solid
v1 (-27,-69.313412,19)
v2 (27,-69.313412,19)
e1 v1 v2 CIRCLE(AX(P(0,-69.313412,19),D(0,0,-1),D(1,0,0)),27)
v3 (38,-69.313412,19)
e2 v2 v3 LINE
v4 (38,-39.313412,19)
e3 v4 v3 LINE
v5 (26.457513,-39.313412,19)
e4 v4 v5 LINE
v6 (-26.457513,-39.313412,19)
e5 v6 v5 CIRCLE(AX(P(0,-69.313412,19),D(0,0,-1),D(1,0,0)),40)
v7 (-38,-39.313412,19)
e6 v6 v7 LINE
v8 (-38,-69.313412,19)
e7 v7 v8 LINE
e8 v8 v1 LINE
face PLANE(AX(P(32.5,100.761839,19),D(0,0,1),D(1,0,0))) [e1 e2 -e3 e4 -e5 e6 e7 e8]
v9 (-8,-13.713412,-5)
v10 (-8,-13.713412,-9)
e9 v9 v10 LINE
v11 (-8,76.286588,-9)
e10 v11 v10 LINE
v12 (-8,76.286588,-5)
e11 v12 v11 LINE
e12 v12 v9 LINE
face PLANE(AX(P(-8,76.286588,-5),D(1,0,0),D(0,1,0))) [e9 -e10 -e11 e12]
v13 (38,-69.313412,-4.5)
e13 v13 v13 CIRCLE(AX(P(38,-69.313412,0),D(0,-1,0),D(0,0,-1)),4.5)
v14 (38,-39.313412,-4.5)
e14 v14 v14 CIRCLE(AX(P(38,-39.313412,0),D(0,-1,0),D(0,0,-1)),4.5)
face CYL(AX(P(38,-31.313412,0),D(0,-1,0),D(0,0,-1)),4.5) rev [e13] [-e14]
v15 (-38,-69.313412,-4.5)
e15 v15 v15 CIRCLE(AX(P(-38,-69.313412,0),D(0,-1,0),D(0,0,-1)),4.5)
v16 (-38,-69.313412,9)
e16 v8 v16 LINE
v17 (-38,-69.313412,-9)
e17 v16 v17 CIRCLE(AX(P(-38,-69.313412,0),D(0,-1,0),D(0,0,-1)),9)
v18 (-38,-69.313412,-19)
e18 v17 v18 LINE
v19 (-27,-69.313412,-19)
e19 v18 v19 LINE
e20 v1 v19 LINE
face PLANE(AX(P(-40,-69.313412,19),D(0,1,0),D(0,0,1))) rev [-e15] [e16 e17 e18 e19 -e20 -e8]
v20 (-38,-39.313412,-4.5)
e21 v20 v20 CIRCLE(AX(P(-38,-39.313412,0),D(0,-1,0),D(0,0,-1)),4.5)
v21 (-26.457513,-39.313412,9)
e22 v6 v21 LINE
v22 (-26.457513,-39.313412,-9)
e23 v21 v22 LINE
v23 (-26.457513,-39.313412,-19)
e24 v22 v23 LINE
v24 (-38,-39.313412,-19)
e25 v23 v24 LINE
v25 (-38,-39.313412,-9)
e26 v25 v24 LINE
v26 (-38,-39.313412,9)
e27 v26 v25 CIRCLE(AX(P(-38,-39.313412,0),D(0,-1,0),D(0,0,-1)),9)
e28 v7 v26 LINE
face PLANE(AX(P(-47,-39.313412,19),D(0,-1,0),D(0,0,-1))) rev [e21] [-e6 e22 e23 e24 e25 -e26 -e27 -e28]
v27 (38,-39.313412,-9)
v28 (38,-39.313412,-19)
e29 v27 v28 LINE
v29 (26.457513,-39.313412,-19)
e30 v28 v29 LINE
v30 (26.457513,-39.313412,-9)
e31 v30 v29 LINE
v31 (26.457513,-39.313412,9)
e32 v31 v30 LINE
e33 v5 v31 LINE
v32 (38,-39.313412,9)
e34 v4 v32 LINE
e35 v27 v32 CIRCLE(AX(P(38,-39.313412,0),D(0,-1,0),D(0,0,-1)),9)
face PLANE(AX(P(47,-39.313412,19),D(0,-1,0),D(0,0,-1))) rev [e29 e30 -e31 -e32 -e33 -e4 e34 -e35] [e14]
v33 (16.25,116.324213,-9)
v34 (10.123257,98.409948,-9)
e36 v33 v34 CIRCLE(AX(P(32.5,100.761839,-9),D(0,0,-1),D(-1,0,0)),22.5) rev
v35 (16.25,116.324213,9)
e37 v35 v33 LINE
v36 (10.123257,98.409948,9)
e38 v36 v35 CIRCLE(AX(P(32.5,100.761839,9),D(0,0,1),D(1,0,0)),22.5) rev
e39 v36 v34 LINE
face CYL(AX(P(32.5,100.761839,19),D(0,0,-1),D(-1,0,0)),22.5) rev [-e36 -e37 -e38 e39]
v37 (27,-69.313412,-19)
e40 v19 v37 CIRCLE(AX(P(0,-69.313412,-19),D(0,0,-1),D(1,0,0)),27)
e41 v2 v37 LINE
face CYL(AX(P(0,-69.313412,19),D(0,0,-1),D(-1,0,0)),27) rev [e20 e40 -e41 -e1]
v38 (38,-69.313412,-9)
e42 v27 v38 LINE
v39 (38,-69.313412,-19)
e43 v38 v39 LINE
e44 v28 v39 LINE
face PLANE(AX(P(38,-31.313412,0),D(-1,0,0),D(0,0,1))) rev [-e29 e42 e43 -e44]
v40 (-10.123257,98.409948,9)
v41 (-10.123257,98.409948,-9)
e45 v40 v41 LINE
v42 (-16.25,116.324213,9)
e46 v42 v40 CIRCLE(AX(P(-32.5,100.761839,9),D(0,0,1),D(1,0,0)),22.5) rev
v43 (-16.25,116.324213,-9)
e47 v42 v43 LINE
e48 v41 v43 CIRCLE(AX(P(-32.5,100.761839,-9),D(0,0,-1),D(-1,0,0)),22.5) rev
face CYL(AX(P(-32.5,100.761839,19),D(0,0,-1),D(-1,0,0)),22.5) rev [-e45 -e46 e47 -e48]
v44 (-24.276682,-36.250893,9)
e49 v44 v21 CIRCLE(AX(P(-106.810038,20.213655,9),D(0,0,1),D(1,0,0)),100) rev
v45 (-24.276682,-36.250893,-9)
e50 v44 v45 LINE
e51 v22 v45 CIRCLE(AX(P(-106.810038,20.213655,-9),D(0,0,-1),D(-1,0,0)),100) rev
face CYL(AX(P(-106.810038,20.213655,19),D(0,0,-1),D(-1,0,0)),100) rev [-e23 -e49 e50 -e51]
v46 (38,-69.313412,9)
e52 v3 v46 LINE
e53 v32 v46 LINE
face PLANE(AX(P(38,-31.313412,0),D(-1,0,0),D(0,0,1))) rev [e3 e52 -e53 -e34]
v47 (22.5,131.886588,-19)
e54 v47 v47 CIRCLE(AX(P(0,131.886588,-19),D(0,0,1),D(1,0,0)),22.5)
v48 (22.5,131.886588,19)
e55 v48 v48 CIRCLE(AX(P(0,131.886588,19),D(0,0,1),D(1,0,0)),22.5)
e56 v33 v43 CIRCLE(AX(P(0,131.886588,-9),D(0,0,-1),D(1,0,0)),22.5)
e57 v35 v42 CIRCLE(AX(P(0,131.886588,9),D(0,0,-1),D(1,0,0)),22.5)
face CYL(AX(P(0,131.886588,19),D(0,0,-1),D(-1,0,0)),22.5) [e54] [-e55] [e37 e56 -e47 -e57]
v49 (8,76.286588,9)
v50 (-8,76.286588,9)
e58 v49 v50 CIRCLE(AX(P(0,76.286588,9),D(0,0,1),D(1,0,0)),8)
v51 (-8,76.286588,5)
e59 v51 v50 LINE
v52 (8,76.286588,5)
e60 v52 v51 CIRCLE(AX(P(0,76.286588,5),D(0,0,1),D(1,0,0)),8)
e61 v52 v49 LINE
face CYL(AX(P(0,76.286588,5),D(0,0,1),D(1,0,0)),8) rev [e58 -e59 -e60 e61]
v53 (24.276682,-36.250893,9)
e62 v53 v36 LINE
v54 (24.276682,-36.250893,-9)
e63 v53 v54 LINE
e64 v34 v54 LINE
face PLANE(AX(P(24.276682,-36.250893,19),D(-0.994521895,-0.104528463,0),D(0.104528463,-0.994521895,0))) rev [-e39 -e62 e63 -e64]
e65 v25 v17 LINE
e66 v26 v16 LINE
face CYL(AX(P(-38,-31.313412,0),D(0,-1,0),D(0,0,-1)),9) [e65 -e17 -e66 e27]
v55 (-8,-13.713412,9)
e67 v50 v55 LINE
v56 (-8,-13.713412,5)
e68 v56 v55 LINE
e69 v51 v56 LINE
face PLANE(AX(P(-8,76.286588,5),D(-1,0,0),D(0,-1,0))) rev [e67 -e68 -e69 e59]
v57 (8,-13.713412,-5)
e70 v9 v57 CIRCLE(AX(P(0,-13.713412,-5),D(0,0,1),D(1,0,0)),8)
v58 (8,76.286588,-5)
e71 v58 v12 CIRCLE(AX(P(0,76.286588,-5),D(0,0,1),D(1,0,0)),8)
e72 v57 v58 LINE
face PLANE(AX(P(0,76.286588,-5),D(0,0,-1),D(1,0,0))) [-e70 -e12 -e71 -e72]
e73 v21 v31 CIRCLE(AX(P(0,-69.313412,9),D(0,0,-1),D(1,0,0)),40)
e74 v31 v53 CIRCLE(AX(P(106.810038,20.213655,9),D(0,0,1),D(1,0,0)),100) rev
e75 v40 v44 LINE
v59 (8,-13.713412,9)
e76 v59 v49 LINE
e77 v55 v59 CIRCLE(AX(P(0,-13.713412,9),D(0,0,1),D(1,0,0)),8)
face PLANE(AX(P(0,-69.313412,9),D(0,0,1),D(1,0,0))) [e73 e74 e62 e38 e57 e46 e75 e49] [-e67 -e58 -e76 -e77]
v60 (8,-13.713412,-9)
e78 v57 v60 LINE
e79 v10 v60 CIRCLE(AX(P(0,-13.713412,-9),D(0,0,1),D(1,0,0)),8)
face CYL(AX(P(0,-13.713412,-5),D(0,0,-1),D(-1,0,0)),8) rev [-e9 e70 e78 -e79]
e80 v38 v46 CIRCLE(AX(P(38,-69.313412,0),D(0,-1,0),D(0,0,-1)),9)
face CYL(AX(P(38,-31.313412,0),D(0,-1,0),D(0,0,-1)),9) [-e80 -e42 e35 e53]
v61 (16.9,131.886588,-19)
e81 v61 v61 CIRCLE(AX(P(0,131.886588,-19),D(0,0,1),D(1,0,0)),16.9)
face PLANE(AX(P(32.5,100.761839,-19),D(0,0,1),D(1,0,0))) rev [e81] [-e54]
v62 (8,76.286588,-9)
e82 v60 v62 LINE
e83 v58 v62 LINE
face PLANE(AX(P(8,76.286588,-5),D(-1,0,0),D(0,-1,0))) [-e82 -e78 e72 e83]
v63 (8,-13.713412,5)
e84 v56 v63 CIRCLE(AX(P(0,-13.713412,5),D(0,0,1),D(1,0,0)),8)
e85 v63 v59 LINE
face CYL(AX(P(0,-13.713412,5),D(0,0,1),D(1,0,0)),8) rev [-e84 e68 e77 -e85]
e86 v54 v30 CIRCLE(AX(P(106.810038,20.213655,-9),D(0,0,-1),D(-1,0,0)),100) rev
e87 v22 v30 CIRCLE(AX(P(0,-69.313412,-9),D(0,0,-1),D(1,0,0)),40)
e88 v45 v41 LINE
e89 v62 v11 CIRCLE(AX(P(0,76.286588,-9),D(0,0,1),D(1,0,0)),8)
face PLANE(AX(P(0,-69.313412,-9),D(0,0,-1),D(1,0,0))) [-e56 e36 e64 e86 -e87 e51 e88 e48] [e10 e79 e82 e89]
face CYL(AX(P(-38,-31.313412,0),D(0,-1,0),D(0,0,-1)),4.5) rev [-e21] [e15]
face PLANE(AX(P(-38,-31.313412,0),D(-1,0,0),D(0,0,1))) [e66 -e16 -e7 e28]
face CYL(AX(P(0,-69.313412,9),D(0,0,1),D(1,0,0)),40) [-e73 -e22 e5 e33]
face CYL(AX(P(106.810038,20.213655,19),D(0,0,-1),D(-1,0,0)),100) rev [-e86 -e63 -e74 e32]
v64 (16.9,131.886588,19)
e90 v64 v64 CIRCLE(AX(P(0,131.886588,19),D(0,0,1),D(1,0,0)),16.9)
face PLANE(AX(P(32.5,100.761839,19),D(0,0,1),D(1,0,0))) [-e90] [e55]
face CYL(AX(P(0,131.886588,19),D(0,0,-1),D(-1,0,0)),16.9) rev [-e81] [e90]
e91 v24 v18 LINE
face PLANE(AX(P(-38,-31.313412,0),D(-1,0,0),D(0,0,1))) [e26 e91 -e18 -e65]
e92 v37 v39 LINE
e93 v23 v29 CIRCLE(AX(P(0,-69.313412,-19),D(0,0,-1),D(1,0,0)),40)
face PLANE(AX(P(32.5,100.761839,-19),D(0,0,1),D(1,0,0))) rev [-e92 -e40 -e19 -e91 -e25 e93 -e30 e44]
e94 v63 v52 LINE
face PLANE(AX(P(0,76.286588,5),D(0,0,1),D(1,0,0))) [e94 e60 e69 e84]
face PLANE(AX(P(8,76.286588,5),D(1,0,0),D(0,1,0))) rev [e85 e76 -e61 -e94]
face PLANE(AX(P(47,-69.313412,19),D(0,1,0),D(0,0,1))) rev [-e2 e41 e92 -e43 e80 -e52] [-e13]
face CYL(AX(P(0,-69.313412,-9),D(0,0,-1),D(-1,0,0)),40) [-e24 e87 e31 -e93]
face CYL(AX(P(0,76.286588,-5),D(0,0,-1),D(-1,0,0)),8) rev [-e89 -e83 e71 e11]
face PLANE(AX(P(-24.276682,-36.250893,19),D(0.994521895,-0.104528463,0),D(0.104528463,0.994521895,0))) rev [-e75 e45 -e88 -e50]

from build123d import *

# Parameters (mm, degrees)
SKETCH1_R           = 16.9
BOSS_EXTRUDE1_DEPTH = 19
SKETCH2_R           = 4.5
CUT_EXTRUDE2_DEPTH  = 38
CUT_EXTRUDE3_DEPTH  = 10
CUT_EXTRUDE4_DEPTH  = 4


with BuildPart() as part:
    # Sketch1 → Boss-Extrude1 (new, symmetric)
    with BuildSketch(Plane.XY):
        with BuildLine():
            Line((47, -69.313412318), (47, -39.313412318))
            Line((47, -39.313412318), (26.457513111, -39.313412318))
            ThreePointArc((26.457513111, -39.313412318), (25.35270378, -37.792402472), (24.27668208, -36.250892852))
            Line((24.27668208, -36.250892852), (10.123257354, 98.409948263))
            ThreePointArc((10.123257354, 98.409948263), (11.210647408, 108.042873382), (16.25, 116.324213184))
            ThreePointArc((16.25, 116.324213184), (0, 154.386587682), (-16.25, 116.324213184))
            ThreePointArc((-16.25, 116.324213184), (-11.210647408, 108.042873382), (-10.123257354, 98.409948263))
            Line((-10.123257354, 98.409948263), (-24.27668208, -36.250892852))
            ThreePointArc((-24.27668208, -36.250892852), (-25.35270378, -37.792402472), (-26.457513111, -39.313412318))
            Line((-26.457513111, -39.313412318), (-47, -39.313412318))
            Line((-47, -39.313412318), (-47, -69.313412318))
            Line((-47, -69.313412318), (-40, -69.313412318))
            Line((-40, -69.313412318), (-27, -69.313412318))
            ThreePointArc((-27, -69.313412318), (0, -42.313412318), (27, -69.313412318))
            Line((27, -69.313412318), (40, -69.313412318))
            Line((40, -69.313412318), (47, -69.313412318))
        make_face()
        with Locations((0, 131.886587682)):
            Circle(SKETCH1_R, mode=Mode.SUBTRACT)
    extrude(amount=BOSS_EXTRUDE1_DEPTH, both=True)

    # Sketch2 → Cut-Extrude2 (cut)
    with BuildSketch(Plane.XZ.offset(69.313412318)):
        with BuildLine():
            Line((-38, 19), (-47, 19))
            Line((-47, 19), (-47, 6.6e-08))
            ThreePointArc((-47, 6.6e-08), (-44.363961007, 6.363961054), (-38, 9))
            Line((-38, 9), (-38, 19))
        make_face()
        with BuildLine():
            ThreePointArc((-38, -9), (-44.363961054, -6.363961007), (-47, 6.6e-08))
            Line((-47, 6.6e-08), (-47, -19))
            Line((-47, -19), (-38, -19))
            Line((-38, -19), (-38, -9))
        make_face()
        with BuildLine():
            Line((47, 19), (38, 19))
            Line((38, 19), (38, 9))
            ThreePointArc((38, 9), (44.363961031, 6.363961031), (47, 0))
            Line((47, 0), (47, 19))
        make_face()
        with BuildLine():
            Line((38, -9), (38, -19))
            Line((38, -19), (47, -19))
            Line((47, -19), (47, 0))
            ThreePointArc((47, 0), (44.363961031, -6.363961031), (38, -9))
        make_face()
        with Locations(Location((38, 0, 0), (0, 0, 270))):
            Circle(SKETCH2_R)
        with Locations(Location((-38, 0, 0), (0, 0, 270))):
            Circle(SKETCH2_R)
    extrude(amount=-CUT_EXTRUDE2_DEPTH, mode=Mode.SUBTRACT)

    # Sketch3 → Cut-Extrude3 (cut)
    with BuildSketch(Plane.XY.offset(19)):
        with BuildLine():
            Line((-26.457513111, -39.313412318), (-22.5, 131.886587682))
            ThreePointArc((-22.5, 131.886587682), (0, 109.386587682), (22.5, 131.886587682))
            Line((22.5, 131.886587682), (26.457513111, -39.313412318))
            ThreePointArc((26.457513111, -39.313412318), (0, -29.313412318), (-26.457513111, -39.313412318))
        make_face()
    cut_extrude3 = extrude(amount=-CUT_EXTRUDE3_DEPTH, mode=Mode.SUBTRACT)

    # Mirror1: Cut-Extrude3 across plane
    add(cut_extrude3.mirror(Plane.XY), mode=Mode.SUBTRACT)

    # Sketch4 → Cut-Extrude4 (cut)
    with BuildSketch(Plane.XY.offset(9)):
        with BuildLine():
            Line((8, 76.286587682), (8, -13.713412318))
            ThreePointArc((8, -13.713412318), (0, -21.713412318), (-8, -13.713412318))
            Line((-8, -13.713412318), (-8, 76.286587682))
            ThreePointArc((-8, 76.286587682), (0, 84.286587682), (8, 76.286587682))
        make_face()
    cut_extrude4 = extrude(amount=-CUT_EXTRUDE4_DEPTH, mode=Mode.SUBTRACT)

    # Mirror2: Cut-Extrude4 across plane
    add(cut_extrude4.mirror(Plane.XY), mode=Mode.SUBTRACT)


solid = part.part
